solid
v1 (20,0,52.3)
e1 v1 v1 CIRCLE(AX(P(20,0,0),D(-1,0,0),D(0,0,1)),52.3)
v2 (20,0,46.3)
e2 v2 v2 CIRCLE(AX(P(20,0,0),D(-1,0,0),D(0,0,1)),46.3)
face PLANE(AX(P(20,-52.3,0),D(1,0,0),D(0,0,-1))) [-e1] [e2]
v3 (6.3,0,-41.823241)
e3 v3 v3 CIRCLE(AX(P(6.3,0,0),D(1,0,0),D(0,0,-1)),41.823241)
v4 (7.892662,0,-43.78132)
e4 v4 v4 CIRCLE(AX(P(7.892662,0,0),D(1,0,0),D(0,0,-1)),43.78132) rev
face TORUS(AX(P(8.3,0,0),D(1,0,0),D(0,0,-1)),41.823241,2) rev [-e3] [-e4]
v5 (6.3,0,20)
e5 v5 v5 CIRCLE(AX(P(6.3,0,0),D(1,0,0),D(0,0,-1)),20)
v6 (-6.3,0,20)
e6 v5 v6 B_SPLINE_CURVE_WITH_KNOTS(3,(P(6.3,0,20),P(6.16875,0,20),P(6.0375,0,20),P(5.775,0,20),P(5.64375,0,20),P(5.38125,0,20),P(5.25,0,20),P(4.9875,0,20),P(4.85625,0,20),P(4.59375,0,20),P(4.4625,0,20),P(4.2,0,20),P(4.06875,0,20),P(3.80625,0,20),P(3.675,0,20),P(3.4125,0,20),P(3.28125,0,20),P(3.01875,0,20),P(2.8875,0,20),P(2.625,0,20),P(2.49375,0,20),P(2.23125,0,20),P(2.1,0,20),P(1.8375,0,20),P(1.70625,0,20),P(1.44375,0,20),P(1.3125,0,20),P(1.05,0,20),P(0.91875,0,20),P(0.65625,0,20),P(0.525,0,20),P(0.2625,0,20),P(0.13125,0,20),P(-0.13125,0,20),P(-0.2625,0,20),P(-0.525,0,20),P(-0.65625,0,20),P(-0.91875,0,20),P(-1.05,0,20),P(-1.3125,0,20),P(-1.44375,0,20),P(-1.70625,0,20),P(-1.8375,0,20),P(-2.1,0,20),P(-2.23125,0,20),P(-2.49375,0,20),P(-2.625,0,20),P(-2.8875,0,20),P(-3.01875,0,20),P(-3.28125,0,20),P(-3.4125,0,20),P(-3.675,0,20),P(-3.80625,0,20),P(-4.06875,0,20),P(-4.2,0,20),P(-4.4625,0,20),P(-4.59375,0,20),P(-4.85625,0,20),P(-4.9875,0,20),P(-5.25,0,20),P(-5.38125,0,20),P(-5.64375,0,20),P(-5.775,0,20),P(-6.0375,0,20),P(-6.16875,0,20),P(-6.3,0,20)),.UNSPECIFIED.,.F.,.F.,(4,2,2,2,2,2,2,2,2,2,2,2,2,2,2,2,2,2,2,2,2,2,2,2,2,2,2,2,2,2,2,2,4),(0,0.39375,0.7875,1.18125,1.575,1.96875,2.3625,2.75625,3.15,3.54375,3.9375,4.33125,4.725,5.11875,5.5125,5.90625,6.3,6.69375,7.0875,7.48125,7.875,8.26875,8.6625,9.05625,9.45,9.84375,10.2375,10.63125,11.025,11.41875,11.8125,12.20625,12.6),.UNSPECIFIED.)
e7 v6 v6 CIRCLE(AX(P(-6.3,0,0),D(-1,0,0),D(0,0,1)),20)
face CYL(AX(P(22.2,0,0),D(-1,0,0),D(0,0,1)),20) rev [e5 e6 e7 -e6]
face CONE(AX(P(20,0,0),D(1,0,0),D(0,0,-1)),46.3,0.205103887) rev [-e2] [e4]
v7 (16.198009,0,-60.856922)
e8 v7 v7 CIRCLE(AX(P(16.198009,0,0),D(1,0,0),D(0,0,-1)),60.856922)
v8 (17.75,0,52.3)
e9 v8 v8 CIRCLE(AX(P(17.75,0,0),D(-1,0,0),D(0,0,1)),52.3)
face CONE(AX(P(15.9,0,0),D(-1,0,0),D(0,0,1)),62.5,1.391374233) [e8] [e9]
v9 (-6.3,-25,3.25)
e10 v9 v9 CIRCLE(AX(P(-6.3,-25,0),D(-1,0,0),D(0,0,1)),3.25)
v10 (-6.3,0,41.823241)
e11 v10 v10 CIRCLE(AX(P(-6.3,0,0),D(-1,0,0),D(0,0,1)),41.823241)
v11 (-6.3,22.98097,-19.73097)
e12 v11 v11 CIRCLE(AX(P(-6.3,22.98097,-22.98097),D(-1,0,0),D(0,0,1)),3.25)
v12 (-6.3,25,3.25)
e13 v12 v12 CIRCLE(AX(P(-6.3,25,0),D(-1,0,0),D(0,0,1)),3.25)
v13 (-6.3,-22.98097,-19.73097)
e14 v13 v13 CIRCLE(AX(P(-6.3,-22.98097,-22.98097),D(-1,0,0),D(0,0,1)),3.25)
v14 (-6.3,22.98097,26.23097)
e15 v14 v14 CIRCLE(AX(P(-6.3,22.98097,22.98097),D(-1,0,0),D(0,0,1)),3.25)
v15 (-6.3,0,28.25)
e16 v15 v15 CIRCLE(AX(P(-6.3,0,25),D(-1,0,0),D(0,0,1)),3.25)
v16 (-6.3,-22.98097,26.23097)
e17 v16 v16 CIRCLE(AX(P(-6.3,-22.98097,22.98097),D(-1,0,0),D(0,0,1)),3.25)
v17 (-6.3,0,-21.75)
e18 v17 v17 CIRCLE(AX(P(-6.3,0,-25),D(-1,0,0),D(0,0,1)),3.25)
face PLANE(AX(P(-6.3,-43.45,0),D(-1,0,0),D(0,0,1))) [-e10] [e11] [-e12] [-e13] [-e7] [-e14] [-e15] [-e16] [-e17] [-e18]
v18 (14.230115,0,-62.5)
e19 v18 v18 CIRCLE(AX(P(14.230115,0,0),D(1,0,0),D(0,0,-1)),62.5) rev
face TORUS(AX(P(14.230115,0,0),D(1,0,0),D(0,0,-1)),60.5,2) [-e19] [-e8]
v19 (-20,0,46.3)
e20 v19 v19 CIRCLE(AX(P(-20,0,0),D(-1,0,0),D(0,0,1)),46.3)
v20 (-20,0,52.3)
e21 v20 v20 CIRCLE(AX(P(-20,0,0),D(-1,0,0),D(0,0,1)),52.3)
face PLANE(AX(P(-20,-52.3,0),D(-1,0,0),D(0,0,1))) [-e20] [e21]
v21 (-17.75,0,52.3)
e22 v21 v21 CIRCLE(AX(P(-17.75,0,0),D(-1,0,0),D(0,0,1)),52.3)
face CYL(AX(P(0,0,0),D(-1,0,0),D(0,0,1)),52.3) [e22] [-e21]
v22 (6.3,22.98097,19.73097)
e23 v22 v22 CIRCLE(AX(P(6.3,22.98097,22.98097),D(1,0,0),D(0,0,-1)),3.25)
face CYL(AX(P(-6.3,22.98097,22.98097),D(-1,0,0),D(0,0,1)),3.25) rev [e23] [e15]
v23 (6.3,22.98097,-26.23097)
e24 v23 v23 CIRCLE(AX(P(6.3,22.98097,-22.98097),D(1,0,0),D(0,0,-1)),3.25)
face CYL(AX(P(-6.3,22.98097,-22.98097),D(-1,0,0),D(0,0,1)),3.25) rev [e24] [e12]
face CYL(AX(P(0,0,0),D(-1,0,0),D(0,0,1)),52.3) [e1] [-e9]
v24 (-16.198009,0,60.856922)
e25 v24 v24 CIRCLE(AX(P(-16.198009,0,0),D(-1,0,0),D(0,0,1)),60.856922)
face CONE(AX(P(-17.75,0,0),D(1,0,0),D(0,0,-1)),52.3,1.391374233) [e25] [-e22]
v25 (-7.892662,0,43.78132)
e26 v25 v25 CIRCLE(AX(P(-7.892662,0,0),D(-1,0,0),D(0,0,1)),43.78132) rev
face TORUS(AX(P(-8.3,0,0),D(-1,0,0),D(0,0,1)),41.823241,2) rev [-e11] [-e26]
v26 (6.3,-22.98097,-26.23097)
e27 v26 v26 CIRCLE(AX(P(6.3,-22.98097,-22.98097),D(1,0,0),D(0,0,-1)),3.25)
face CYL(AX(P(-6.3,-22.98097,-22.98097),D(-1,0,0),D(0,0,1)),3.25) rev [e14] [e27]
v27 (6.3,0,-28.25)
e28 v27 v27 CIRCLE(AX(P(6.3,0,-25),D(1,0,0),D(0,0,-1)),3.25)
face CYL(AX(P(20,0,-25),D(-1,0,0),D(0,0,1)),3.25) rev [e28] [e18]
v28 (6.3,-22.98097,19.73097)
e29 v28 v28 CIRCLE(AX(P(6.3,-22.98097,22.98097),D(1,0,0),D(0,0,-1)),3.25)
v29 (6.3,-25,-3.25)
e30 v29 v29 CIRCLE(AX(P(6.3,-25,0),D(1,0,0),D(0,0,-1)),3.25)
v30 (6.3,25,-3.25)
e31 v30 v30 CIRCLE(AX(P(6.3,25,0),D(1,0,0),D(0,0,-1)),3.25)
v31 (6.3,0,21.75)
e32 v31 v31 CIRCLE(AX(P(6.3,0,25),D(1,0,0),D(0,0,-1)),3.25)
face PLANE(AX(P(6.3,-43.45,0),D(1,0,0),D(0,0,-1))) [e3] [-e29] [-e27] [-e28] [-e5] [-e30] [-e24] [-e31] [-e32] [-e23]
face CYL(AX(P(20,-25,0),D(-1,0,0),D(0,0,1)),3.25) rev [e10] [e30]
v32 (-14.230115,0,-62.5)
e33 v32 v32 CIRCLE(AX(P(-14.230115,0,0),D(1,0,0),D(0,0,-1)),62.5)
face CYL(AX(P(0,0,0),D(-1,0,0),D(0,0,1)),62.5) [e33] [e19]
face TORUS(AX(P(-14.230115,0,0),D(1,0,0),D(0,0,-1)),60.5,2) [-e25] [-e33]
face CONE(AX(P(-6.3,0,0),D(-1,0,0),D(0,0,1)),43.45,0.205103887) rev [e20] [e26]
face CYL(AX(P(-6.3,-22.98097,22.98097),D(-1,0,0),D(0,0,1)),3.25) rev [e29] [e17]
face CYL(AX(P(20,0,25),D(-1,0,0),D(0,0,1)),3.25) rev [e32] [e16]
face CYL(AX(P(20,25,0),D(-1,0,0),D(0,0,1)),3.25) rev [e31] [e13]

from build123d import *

# Parameters (mm, degrees)
FILLET1_R                  = 2
CUT_EXTRUDE1_DEPTH         = 93.869533426
CUT_EXTRUDE1_DEPTH_BACK    = 93.869533426
SKETCH2_R                  = 20
SKETCH3_R                  = 3.25
CUT_EXTRUDE2_DEPTH         = 93.218166533
F_6_5_6_5_DIAMETER_HOLE1_D = 6.5


with BuildPart() as part:
    # Sketch1 → Revolve1 (revolve)
    with BuildSketch(Plane.XY, mode=Mode.PRIVATE) as revolve1_sk:
        Polygon((-15.9, -62.5), (15.9, -62.5), (17.75, -52.3), (20, -52.3), (20, -46.3), (6.3, -43.45), (6.3, -17), (22.2, -15.75), (22.2, -10.05), (-22.2, -10.05), (-22.2, -15.75), (-6.3, -17), (-6.3, -43.45), (-20, -46.3), (-20, -52.3), (-17.75, -52.3), align=None)
    revolve(revolve1_sk.sketch.rotate(Axis((0, 0, 0), (1, 0, 0)), 270), axis=Axis((0, 0, 0), (1, 0, 0)))

    # Fillet1
    fillet1_edges = [part.edges().sort_by_distance(p)[0] for p in [
        (15.9, 0, -62.5),
        (-15.9, 0, -62.5),
        (-6.3, 0, -43.45),
        (-6.3, 0, -17),
        (-22.2, 0, -15.75),
        (22.2, 0, -15.75),
        (6.3, 0, -17),
        (6.3, 0, -43.45),
    ]]
    fillet(fillet1_edges, radius=FILLET1_R)

    # Sketch2 → Cut-Extrude1 (cut, two sides: drawn at the far end of the back side and taken through both)
    with BuildSketch(Plane.ZY.offset(6.3).offset(-CUT_EXTRUDE1_DEPTH_BACK)):
        Circle(SKETCH2_R)
    extrude(amount=CUT_EXTRUDE1_DEPTH + CUT_EXTRUDE1_DEPTH_BACK, mode=Mode.SUBTRACT)

    # Sketch3 → Cut-Extrude2 (cut, through all)
    with BuildSketch(Plane.ZY.offset(6.3)):
        with Locations((0, 25)):
            Circle(SKETCH3_R)
        with Locations((-25, 0)):
            Circle(SKETCH3_R)
        with Locations((0, -25)):
            Circle(SKETCH3_R)
        with Locations((25, 0)):
            Circle(SKETCH3_R)
    extrude(amount=-CUT_EXTRUDE2_DEPTH, mode=Mode.SUBTRACT)

    # Ø6.5 (6.5) Diameter Hole1 (through all)
    with Locations(Plane.ZY.offset(6.3)):
        with Locations((-22.980970389, 22.980970389), (-22.980970389, -22.980970389), (22.980970389, -22.980970389), (22.980970389, 22.980970389)):
            Hole(F_6_5_6_5_DIAMETER_HOLE1_D / 2)


solid = part.part
